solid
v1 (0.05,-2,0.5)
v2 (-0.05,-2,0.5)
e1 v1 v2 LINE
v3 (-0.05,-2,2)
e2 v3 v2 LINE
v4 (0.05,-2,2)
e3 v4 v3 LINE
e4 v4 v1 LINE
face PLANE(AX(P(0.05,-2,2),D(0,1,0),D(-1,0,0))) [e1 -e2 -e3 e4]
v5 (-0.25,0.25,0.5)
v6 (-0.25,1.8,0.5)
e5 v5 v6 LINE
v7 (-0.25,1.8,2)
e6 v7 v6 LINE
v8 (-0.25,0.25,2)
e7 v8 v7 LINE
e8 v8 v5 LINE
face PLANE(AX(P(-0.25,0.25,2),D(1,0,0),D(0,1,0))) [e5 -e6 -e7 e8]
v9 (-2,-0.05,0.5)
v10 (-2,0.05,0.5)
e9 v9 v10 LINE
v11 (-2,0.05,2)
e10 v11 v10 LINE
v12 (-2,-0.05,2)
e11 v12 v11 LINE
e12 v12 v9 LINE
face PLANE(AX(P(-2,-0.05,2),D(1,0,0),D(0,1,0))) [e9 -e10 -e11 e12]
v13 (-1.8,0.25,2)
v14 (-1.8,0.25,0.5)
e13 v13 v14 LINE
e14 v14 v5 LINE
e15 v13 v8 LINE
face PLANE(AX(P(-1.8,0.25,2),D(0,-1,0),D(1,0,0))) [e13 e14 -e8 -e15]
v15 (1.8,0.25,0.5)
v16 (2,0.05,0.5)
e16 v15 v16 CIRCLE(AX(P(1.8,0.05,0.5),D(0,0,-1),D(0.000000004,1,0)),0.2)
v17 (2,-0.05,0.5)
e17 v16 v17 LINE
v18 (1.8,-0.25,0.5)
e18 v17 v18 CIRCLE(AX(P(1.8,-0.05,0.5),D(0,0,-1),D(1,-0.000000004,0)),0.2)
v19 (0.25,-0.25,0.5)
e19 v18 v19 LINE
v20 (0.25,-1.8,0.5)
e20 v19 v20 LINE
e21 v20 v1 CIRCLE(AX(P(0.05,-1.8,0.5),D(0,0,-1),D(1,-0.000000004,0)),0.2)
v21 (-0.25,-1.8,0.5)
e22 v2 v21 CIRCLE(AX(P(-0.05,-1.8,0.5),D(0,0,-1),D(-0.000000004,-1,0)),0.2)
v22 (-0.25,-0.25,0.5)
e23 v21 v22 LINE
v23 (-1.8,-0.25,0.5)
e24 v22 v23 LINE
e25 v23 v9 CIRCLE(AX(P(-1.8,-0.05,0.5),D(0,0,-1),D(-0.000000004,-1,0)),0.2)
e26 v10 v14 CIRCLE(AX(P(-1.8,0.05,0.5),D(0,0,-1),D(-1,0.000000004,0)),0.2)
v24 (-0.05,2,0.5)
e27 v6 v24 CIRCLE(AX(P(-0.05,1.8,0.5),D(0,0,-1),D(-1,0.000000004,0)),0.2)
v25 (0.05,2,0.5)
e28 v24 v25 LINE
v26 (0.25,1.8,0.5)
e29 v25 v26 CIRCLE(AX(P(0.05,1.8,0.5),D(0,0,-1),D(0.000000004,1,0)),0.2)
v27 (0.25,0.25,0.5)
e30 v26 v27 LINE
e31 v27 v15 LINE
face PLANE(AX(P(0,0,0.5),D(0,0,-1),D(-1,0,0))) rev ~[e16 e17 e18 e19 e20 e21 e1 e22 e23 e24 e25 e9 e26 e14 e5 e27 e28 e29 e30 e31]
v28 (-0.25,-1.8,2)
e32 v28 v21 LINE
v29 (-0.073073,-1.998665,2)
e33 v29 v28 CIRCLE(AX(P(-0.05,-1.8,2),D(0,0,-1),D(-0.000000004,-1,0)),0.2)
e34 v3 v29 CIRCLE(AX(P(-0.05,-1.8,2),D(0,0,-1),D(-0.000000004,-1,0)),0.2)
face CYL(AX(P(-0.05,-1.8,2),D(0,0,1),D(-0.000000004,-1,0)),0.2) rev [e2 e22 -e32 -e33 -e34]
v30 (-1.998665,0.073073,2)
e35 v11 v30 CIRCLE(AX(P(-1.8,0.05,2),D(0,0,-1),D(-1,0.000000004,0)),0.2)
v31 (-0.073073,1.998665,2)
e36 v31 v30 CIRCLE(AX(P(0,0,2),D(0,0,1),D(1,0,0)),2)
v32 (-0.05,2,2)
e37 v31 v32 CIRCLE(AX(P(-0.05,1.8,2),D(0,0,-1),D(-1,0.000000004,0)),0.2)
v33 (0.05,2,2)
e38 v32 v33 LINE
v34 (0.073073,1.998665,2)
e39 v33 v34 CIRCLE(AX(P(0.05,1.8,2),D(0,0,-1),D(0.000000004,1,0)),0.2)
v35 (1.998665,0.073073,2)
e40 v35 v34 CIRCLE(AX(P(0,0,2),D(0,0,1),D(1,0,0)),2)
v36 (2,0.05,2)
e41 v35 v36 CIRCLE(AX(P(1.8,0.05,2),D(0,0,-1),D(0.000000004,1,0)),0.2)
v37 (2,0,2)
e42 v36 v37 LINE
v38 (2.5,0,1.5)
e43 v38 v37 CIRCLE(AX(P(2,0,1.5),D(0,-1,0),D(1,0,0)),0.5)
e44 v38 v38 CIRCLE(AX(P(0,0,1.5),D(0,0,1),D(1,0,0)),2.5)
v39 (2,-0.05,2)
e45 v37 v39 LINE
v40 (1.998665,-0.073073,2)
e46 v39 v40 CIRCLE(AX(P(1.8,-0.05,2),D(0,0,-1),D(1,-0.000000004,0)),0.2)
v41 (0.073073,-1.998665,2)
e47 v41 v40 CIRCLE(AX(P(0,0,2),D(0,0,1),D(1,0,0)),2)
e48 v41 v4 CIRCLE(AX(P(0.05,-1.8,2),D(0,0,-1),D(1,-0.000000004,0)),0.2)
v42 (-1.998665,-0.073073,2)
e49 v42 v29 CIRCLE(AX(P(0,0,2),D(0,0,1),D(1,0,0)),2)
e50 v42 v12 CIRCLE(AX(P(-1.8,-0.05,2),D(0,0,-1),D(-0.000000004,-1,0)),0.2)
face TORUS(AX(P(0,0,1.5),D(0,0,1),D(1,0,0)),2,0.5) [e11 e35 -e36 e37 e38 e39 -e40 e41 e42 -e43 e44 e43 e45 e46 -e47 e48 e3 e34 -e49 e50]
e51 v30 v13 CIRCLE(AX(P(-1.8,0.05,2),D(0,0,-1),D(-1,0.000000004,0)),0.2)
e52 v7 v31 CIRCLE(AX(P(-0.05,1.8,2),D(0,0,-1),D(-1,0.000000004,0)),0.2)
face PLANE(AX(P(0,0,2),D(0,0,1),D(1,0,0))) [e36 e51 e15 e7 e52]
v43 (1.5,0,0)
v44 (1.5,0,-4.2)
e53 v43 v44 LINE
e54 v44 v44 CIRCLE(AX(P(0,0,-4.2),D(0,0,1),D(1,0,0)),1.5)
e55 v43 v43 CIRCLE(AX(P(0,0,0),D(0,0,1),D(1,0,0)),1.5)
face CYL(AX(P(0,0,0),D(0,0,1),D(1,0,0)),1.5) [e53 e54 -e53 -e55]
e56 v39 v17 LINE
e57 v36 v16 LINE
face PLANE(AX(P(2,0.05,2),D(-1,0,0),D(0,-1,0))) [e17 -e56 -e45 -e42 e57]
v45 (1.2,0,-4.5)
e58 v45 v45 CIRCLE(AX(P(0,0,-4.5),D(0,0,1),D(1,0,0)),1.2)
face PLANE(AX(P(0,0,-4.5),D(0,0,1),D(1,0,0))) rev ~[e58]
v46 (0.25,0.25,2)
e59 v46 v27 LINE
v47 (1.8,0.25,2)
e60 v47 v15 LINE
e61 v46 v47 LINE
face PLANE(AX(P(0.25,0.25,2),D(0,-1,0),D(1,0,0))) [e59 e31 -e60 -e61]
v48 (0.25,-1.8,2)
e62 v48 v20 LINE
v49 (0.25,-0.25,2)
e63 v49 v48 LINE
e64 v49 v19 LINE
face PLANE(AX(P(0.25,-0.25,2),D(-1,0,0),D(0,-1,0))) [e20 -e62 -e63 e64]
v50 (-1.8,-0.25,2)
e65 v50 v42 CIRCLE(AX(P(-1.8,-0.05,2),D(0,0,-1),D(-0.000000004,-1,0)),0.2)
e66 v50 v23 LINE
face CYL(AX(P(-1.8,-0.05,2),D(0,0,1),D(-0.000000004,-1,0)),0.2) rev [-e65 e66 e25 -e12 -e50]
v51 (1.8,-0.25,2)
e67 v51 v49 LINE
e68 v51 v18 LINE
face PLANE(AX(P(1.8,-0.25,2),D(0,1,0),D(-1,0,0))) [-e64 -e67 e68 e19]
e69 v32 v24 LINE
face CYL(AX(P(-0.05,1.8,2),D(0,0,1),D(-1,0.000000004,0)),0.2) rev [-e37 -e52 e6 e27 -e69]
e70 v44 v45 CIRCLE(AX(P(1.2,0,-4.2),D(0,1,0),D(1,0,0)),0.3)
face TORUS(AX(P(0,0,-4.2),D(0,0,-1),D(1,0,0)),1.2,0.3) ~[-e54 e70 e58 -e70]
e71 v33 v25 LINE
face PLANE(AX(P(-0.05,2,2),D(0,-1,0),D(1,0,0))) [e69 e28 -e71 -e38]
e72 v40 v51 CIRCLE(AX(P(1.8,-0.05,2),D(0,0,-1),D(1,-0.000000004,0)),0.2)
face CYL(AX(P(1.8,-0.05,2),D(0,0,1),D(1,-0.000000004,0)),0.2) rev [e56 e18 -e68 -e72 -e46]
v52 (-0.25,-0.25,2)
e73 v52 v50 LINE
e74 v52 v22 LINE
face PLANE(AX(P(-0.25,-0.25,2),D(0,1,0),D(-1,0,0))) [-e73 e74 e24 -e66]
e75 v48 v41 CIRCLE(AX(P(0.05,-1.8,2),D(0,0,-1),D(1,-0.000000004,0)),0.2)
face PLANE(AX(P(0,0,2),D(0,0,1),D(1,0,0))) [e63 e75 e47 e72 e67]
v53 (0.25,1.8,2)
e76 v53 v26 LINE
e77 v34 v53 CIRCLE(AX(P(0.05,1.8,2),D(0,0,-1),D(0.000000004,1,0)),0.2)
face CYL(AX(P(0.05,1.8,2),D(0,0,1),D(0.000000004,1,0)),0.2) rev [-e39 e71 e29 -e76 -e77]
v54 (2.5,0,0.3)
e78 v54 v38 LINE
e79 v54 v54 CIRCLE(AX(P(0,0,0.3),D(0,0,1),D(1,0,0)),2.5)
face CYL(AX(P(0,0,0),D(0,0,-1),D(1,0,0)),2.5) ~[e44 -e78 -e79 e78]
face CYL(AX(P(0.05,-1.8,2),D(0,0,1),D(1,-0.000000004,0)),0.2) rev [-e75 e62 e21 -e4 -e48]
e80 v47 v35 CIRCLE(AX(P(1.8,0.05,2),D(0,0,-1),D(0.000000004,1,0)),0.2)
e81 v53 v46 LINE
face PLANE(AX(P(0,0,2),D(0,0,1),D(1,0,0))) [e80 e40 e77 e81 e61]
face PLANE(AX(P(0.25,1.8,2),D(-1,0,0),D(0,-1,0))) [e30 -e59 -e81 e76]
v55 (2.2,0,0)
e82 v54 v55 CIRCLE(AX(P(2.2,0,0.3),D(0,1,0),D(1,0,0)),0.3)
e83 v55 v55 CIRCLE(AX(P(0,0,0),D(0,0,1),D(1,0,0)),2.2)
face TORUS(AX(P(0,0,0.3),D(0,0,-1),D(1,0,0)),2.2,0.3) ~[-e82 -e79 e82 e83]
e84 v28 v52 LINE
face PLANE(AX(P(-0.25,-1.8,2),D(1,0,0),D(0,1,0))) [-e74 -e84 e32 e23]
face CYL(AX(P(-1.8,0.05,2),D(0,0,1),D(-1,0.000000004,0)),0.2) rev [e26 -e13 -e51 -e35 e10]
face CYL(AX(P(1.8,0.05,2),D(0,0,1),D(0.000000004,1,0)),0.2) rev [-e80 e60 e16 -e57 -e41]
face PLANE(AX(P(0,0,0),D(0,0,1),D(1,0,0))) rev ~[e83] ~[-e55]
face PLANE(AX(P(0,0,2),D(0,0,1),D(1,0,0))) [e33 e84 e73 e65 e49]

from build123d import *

# Parameters (mm, degrees)
IZIM1_R                     = 1.5
Y_KSEKLIK_EKSTR_ZYON1_DEPTH = 4.5
IZIM2_R                     = 2.5
Y_KSEKLIK_EKSTR_ZYON2_DEPTH = 2
RADYUS1_R                   = 0.5
RADYUS2_R                   = 0.3
KES_EKSTR_ZYON1_DEPTH       = 1.5


with BuildPart() as part:
    # Çizim1 → Yükseklik-Ekstrüzyon1 (new body)
    with BuildSketch(Plane.XY):
        Circle(IZIM1_R)
    extrude(amount=-Y_KSEKLIK_EKSTR_ZYON1_DEPTH)

    # Çizim2 → Yükseklik-Ekstrüzyon2 (add)
    with BuildSketch(Plane.XY):
        Circle(IZIM2_R)
    extrude(amount=Y_KSEKLIK_EKSTR_ZYON2_DEPTH)

    # Radyus1
    radyus1_edges = [part.edges().sort_by_distance(p)[0] for p in [
        (-2.5, 0, 2),
    ]]
    fillet(radyus1_edges, radius=RADYUS1_R)

    # Radyus2
    radyus2_edges = [part.edges().sort_by_distance(p)[0] for p in [
        (-1.5, 0, -4.5),
        (-2.5, 0, 0),
    ]]
    fillet(radyus2_edges, radius=RADYUS2_R)

    # Çizim3 → Kes-Ekstrüzyon1 (cut)
    with BuildSketch(Plane.XY.offset(2)):
        with BuildLine():
            Line((-0.05, 2), (0.05, 2))
            ThreePointArc((0.05, 2), (0.191421356, 1.941421356), (0.25, 1.8))
            Line((0.25, 1.8), (0.25, 0.25))
            Line((0.25, 0.25), (1.8, 0.25))
            ThreePointArc((1.8, 0.25), (1.941421356, 0.191421356), (2, 0.05))
            Line((2, 0.05), (2, -0.05))
            ThreePointArc((2, -0.05), (1.941421356, -0.191421356), (1.8, -0.25))
            Line((1.8, -0.25), (0.25, -0.25))
            Line((0.25, -0.25), (0.25, -1.8))
            ThreePointArc((0.25, -1.8), (0.191421356, -1.941421356), (0.05, -2))
            Line((0.05, -2), (-0.05, -2))
            ThreePointArc((-0.05, -2), (-0.191421356, -1.941421356), (-0.25, -1.8))
            Line((-0.25, -1.8), (-0.25, -0.25))
            Line((-0.25, -0.25), (-1.8, -0.25))
            ThreePointArc((-1.8, -0.25), (-1.941421356, -0.191421356), (-2, -0.05))
            Line((-2, -0.05), (-2, 0.05))
            ThreePointArc((-2, 0.05), (-1.941421356, 0.191421356), (-1.8, 0.25))
            Line((-1.8, 0.25), (-0.25, 0.25))
            Line((-0.25, 0.25), (-0.25, 1.8))
            ThreePointArc((-0.25, 1.8), (-0.191421356, 1.941421356), (-0.05, 2))
        make_face()
    extrude(amount=-KES_EKSTR_ZYON1_DEPTH, mode=Mode.SUBTRACT)


solid = part.part
